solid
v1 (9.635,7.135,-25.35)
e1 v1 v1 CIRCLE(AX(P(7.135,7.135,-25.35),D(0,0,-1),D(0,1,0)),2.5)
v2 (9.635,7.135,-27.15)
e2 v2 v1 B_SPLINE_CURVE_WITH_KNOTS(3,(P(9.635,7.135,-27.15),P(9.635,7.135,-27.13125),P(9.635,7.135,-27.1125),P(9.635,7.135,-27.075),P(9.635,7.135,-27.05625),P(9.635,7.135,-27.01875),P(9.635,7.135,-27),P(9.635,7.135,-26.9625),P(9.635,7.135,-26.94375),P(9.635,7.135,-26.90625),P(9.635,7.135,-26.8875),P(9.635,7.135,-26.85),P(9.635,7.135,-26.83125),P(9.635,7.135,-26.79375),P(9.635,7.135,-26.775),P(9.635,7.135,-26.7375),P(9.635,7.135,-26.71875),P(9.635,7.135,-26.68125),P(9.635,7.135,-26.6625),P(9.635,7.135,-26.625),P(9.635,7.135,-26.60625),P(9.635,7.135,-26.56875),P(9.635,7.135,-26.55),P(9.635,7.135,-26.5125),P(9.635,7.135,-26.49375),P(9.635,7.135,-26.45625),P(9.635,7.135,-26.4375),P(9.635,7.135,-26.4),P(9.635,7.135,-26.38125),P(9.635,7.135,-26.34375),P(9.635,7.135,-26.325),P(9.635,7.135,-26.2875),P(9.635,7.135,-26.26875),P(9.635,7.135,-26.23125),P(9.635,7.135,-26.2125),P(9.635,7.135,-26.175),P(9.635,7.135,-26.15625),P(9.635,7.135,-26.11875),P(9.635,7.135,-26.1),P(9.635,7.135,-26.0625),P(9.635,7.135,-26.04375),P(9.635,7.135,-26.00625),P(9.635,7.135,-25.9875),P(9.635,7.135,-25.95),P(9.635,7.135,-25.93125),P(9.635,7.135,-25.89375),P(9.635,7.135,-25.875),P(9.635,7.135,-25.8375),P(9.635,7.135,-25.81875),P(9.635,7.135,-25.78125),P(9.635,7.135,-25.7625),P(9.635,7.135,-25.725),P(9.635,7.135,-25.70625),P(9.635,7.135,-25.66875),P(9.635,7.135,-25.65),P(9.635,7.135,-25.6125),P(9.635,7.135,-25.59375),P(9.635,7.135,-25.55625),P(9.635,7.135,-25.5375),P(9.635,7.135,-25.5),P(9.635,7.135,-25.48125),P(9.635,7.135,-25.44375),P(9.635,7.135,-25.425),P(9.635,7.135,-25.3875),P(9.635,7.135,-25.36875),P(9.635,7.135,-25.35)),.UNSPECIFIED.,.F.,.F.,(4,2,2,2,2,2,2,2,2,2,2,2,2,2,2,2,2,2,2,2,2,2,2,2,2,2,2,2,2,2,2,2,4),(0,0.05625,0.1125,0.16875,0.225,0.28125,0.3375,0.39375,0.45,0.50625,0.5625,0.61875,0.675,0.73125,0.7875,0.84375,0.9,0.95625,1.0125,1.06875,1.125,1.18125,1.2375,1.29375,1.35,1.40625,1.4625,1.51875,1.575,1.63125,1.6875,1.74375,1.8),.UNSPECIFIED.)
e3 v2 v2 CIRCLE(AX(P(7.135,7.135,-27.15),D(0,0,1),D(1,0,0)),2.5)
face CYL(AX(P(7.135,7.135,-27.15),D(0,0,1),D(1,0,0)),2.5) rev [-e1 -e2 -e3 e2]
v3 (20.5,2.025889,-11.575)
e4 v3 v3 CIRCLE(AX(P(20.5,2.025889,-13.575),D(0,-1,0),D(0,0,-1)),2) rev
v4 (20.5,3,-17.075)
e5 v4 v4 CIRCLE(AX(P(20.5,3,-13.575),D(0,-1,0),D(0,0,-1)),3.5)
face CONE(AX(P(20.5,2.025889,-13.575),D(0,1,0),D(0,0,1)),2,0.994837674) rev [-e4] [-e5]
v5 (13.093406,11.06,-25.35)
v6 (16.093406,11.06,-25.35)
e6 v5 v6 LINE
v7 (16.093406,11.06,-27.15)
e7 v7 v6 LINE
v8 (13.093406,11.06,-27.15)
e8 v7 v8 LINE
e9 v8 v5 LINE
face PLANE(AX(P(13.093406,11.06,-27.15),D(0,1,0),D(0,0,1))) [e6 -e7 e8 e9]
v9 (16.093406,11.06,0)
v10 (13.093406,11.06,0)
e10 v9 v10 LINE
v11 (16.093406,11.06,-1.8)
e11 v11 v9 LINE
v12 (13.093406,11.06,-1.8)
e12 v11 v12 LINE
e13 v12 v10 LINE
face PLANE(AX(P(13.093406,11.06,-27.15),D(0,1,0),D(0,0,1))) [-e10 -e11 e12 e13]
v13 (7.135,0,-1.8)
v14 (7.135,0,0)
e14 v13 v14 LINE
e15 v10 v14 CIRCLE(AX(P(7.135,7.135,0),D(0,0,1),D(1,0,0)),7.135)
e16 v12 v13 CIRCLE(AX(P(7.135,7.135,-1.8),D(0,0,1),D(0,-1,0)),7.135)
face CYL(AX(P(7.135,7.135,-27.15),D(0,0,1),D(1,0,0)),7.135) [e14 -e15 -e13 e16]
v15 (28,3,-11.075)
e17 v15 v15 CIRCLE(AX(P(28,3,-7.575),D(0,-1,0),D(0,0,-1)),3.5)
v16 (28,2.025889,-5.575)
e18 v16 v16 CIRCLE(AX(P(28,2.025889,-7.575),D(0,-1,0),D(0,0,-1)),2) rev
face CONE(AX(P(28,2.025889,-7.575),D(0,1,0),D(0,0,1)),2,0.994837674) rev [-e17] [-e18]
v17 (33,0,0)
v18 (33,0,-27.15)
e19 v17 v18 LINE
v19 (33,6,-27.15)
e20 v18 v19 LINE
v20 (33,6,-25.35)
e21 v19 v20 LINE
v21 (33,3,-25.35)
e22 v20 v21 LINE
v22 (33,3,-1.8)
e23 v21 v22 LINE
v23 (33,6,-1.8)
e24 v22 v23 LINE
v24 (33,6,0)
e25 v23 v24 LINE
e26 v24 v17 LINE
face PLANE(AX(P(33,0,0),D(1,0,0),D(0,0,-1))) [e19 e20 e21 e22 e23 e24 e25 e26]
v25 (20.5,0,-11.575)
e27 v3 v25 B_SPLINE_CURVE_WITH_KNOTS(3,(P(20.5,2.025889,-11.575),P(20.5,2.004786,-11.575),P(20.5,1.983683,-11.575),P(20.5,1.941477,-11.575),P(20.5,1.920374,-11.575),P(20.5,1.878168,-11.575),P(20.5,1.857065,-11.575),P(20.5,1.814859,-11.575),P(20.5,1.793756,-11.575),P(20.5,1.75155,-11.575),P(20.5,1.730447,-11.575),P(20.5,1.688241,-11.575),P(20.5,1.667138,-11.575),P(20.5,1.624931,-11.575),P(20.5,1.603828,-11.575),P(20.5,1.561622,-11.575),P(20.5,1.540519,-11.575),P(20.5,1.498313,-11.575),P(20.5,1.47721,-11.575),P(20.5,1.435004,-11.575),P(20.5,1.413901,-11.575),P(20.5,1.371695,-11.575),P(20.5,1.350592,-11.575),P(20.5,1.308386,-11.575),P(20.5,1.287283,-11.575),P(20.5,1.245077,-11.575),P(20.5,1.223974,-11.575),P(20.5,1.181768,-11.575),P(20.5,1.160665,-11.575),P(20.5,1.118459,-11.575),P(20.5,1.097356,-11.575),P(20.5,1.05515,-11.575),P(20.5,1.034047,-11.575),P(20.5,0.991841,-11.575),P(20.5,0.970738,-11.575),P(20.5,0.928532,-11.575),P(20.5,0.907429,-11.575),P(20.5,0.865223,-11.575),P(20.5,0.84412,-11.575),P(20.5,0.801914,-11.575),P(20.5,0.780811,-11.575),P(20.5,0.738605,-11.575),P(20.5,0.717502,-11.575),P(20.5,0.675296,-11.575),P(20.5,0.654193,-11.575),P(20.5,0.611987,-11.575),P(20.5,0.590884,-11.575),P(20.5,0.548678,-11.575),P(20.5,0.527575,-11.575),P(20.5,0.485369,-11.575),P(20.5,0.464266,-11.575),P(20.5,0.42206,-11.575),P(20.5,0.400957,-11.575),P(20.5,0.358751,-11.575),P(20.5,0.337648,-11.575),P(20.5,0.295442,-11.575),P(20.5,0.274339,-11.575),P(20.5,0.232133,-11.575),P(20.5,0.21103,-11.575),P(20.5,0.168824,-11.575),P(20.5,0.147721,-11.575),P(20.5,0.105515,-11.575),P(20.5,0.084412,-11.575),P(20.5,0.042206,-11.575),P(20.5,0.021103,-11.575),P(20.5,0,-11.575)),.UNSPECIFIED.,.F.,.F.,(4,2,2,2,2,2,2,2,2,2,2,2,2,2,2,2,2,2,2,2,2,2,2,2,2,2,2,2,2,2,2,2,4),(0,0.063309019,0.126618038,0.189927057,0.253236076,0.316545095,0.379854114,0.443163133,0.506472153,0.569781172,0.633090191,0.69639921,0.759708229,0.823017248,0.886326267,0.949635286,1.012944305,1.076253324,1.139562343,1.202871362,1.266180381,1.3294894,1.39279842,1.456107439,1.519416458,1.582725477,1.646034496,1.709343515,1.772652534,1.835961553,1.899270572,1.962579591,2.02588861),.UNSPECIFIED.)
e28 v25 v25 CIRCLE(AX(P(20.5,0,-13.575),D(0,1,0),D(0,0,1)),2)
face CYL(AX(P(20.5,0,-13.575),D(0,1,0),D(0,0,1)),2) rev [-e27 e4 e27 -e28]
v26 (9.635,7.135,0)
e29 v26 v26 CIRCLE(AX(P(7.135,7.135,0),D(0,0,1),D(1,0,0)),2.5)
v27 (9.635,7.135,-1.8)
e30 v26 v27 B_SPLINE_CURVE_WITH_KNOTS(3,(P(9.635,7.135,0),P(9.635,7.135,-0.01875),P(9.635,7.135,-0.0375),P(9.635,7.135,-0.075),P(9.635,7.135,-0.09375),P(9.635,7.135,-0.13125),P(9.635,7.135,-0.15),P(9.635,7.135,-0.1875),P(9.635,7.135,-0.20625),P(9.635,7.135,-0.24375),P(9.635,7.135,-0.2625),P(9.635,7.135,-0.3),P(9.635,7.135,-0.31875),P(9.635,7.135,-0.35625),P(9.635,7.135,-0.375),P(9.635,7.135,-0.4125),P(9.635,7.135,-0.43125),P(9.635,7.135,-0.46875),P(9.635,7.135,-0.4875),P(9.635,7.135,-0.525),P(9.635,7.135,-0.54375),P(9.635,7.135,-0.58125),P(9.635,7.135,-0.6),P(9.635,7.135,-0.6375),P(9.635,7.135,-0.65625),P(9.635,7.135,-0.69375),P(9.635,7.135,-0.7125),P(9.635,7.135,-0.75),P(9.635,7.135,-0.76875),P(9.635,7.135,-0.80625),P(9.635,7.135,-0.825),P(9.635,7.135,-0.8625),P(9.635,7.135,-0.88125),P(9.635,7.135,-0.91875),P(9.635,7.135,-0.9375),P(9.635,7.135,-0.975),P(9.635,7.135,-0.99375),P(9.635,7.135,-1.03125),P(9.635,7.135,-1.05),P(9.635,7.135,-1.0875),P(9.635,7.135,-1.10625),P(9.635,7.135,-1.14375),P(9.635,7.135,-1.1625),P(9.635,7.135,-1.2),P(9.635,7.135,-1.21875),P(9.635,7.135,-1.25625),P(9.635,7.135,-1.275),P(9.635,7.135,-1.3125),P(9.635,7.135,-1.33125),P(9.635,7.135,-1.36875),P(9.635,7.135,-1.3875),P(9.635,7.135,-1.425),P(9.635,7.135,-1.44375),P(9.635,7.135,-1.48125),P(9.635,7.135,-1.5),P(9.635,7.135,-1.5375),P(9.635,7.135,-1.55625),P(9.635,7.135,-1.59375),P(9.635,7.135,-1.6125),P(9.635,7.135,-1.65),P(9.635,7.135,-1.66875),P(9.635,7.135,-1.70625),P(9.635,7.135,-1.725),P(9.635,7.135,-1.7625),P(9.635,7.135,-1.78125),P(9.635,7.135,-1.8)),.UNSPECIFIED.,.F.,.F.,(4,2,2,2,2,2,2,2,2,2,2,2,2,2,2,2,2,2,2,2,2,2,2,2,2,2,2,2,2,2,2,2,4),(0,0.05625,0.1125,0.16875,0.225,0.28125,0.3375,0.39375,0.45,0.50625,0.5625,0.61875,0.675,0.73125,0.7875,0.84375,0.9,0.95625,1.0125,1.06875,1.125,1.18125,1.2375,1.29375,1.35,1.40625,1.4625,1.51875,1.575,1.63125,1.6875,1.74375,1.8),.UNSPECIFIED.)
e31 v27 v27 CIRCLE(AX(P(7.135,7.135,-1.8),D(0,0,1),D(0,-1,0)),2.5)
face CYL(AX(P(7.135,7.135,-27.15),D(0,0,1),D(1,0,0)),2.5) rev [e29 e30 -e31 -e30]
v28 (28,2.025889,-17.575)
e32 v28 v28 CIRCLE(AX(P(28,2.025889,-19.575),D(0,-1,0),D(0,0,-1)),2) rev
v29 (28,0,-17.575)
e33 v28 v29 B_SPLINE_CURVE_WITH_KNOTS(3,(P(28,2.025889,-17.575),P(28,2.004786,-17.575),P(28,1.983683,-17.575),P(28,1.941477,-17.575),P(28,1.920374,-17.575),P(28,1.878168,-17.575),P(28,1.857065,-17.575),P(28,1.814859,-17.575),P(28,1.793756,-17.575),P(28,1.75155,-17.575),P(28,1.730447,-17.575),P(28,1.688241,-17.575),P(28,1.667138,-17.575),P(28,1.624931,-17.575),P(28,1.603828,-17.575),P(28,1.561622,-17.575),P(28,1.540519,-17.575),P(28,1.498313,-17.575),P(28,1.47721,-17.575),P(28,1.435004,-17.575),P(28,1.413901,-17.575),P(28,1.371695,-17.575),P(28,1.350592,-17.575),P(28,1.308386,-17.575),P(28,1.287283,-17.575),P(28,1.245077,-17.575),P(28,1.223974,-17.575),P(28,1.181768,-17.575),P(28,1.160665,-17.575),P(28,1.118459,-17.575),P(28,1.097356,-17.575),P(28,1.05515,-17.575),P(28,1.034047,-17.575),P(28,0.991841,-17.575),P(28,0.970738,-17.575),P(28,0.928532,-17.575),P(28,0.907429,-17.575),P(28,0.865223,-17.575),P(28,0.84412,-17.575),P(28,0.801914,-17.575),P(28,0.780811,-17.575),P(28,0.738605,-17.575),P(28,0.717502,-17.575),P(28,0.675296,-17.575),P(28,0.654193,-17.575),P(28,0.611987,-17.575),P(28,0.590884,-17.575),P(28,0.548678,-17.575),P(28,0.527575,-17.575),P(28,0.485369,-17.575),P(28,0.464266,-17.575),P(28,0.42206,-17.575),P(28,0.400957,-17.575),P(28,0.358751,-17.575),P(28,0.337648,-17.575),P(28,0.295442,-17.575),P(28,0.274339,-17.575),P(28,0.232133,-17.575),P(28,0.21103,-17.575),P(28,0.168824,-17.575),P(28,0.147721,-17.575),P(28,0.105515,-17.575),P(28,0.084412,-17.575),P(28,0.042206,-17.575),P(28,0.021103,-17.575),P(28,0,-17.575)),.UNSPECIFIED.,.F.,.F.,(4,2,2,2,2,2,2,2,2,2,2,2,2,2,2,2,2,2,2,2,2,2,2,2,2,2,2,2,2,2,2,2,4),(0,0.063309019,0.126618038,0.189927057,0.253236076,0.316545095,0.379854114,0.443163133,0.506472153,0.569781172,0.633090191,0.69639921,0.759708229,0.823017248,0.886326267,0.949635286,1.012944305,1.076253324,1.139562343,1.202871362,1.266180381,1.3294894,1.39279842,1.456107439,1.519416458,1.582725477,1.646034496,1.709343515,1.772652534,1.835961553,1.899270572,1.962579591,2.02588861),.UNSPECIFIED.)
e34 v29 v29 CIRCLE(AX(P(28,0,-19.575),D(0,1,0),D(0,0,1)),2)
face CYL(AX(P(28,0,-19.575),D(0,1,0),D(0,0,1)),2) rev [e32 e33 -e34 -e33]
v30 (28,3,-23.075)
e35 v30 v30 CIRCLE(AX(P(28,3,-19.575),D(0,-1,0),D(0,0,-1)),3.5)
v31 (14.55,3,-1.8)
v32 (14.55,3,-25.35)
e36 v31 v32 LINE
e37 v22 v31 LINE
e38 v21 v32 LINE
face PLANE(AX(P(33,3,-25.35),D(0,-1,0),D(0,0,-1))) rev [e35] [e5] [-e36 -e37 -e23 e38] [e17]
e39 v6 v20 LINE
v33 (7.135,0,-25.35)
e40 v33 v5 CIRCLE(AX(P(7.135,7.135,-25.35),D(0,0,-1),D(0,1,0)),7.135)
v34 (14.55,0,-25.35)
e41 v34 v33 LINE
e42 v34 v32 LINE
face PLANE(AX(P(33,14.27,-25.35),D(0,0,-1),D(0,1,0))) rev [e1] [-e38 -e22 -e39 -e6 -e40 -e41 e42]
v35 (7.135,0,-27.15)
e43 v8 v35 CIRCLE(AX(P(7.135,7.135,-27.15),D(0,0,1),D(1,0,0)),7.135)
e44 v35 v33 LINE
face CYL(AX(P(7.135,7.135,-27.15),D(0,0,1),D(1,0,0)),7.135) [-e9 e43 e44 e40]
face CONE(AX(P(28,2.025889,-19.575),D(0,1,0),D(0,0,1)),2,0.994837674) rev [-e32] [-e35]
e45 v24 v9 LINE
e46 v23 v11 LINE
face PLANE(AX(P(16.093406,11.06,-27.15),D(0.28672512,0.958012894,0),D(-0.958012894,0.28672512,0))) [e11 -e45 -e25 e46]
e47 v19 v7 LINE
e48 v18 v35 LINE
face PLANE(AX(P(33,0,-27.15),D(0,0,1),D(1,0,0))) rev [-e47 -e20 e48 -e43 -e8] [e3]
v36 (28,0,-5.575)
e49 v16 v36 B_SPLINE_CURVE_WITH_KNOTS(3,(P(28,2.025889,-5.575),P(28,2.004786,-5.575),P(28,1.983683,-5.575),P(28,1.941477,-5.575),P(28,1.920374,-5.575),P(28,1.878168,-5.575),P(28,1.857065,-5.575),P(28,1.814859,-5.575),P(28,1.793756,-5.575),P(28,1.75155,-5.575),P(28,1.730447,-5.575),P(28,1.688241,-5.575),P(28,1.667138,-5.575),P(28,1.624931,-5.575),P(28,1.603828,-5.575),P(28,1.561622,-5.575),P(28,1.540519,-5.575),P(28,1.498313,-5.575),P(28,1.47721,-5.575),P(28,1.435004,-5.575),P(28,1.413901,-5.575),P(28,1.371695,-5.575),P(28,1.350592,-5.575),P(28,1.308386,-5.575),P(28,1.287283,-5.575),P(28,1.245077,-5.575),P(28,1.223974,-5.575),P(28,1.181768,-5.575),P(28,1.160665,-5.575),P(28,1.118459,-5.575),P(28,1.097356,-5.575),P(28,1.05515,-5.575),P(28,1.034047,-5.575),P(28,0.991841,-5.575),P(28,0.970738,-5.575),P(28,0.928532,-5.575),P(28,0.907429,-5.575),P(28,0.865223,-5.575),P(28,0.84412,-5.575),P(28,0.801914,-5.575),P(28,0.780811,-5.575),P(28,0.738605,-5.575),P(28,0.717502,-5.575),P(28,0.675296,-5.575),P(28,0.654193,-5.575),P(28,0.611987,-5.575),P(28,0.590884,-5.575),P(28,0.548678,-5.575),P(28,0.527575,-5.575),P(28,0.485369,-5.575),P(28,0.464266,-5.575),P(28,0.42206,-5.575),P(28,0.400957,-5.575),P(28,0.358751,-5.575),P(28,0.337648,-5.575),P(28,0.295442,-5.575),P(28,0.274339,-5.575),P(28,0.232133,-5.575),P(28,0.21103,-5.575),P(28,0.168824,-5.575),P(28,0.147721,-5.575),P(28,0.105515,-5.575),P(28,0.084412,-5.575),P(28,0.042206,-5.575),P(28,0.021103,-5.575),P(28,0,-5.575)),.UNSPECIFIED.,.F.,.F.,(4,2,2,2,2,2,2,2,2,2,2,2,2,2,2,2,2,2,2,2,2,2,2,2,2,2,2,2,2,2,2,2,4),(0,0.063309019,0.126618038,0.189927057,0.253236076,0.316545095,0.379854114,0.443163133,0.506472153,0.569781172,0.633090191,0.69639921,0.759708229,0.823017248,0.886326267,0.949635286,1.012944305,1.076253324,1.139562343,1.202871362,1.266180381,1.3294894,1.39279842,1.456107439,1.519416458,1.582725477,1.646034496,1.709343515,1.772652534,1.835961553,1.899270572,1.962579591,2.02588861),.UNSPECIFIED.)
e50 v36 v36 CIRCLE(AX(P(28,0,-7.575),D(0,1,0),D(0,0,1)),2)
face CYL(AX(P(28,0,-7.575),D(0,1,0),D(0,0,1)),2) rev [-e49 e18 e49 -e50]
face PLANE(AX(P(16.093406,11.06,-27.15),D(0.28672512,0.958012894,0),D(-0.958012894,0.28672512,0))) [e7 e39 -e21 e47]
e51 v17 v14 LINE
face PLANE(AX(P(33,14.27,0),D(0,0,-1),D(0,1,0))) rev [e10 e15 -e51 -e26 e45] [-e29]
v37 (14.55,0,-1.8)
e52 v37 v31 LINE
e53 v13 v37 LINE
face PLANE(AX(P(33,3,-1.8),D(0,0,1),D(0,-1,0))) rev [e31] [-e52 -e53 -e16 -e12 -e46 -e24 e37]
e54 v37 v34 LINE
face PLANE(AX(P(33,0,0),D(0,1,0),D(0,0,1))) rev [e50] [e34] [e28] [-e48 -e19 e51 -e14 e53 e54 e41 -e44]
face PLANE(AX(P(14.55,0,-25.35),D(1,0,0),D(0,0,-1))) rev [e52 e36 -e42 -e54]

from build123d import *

# Parameters (mm, degrees)
PROFILEBOSS_EXTRUDE1_DEPTH                  = 33
SKETCH2_OUTSIDE_W                           = 44.01
SKETCH2_OUTSIDE_H                           = 25.28
SKETCH2_OUTSIDE_R                           = 2.5
SIDEPROFILECUT_EXTRUDE1_DEPTH               = 46.052806794
BOTTOMCUT_EXTRUDE2_DEPTH                    = 45.194291487
DRAGLINKMOUNTHOLESSKETCH4_R                 = 2
DRAGLINKMOUNTHOLESCUT_EXTRUDE3_DEPTH        = 45.194291487
CHAMFER1_SIZE                               = 1.5
CHAMFER1_SIZE2                              = 0.97411139
SKETCH4_W                                   = 4.5
SKETCH4_H                                   = 17.25
DISABLESWIIVELRESTRICTIONCUT_EXTRUDE4_DEPTH = 45.194291487


with BuildPart() as part:
    # Sketch1 → ProfileBoss-Extrude1 (new body)
    with BuildSketch(Plane(origin=(0, 0, 0), x_dir=(0, 0, -1), z_dir=(1, 0, 0))):
        Polygon((0, 14.27), (0, 0), (27.15, 0), (27.15, 14.27), (25.35, 14.27), (25.35, 3), (1.8, 3), (1.8, 14.27), align=None)
    extrude(amount=PROFILEBOSS_EXTRUDE1_DEPTH)

    # Sketch2 outside → SideProfileCut-Extrude1 (cut, through all)
    # profile 1 of 2: a face of its own
    with BuildSketch(Plane.XY):
        with Locations((16.5, 7.135)):
            Rectangle(SKETCH2_OUTSIDE_W, SKETCH2_OUTSIDE_H)
        with BuildLine():
            Line((13.093405827, 11.06), (16.093405827, 11.06))
            Line((16.093405827, 11.06), (33, 6))
            Line((33, 6), (33, 0))
            Line((33, 0), (7.135, 0))
            ThreePointArc((7.135, 0), (0.853555103, 10.519032358), (13.093405827, 11.06))
        make_face(mode=Mode.SUBTRACT)
    # profile 2 of 2: a face of its own
    with BuildSketch(Plane.XY):
        with Locations((7.135, 7.135)):
            Circle(SKETCH2_OUTSIDE_R)
    extrude(amount=-SIDEPROFILECUT_EXTRUDE1_DEPTH, mode=Mode.SUBTRACT)

    # Sketch3 → BottomCut-Extrude2 (cut, through all)
    with BuildSketch(Plane(origin=(0, 3, 0), x_dir=(1, 0, 0), z_dir=(0, 1, 0))):
        Polygon((1.320363296, 25.35), (14.55, 25.35), (14.55, 22.2), (10.05, 22.2), (10.05, 4.95), (14.55, 4.95), (14.55, 1.8), (1.320363296, 1.8), align=None)
    extrude(amount=-BOTTOMCUT_EXTRUDE2_DEPTH, mode=Mode.SUBTRACT)

    # DragLinkMountHolesSketch4 → DragLinkMountHolesCut-Extrude3 (cut, through all)
    with BuildSketch(Plane(origin=(0, 3, 0), x_dir=(1, 0, 0), z_dir=(0, 1, 0))):
        with Locations(Location((28, 19.575, 0), (0, 0, 270))):
            Circle(DRAGLINKMOUNTHOLESSKETCH4_R)
        with Locations(Location((28, 7.575, 0), (0, 0, 270))):
            Circle(DRAGLINKMOUNTHOLESSKETCH4_R)
        with Locations(Location((20.5, 13.575, 0), (0, 0, 270))):
            Circle(DRAGLINKMOUNTHOLESSKETCH4_R)
    extrude(amount=-DRAGLINKMOUNTHOLESCUT_EXTRUDE3_DEPTH, mode=Mode.SUBTRACT)

    # Chamfer1
    chamfer1_edges = [part.edges().sort_by_distance(p)[0] for p in [
        (28, 3, -21.575),
        (28, 3, -9.575),
        (20.5, 3, -15.575),
    ]]
    chamfer1_side = [part.faces().sort_by_distance(p)[0] for p in [
        (14.878832024, 3, -23.775),
    ]]
    chamfer(chamfer1_edges, length=CHAMFER1_SIZE, length2=CHAMFER1_SIZE2, reference=chamfer1_side[0])

    # Sketch4 → DisableSwiivelRestrictionCut-Extrude4 (cut, through all)
    with BuildSketch(Plane(origin=(0, 3, 0), x_dir=(1, 0, 0), z_dir=(0, 1, 0))):
        with Locations((12.3, 13.575)):
            Rectangle(SKETCH4_W, SKETCH4_H)
    extrude(amount=-DISABLESWIIVELRESTRICTIONCUT_EXTRUDE4_DEPTH, mode=Mode.SUBTRACT)


solid = part.part
